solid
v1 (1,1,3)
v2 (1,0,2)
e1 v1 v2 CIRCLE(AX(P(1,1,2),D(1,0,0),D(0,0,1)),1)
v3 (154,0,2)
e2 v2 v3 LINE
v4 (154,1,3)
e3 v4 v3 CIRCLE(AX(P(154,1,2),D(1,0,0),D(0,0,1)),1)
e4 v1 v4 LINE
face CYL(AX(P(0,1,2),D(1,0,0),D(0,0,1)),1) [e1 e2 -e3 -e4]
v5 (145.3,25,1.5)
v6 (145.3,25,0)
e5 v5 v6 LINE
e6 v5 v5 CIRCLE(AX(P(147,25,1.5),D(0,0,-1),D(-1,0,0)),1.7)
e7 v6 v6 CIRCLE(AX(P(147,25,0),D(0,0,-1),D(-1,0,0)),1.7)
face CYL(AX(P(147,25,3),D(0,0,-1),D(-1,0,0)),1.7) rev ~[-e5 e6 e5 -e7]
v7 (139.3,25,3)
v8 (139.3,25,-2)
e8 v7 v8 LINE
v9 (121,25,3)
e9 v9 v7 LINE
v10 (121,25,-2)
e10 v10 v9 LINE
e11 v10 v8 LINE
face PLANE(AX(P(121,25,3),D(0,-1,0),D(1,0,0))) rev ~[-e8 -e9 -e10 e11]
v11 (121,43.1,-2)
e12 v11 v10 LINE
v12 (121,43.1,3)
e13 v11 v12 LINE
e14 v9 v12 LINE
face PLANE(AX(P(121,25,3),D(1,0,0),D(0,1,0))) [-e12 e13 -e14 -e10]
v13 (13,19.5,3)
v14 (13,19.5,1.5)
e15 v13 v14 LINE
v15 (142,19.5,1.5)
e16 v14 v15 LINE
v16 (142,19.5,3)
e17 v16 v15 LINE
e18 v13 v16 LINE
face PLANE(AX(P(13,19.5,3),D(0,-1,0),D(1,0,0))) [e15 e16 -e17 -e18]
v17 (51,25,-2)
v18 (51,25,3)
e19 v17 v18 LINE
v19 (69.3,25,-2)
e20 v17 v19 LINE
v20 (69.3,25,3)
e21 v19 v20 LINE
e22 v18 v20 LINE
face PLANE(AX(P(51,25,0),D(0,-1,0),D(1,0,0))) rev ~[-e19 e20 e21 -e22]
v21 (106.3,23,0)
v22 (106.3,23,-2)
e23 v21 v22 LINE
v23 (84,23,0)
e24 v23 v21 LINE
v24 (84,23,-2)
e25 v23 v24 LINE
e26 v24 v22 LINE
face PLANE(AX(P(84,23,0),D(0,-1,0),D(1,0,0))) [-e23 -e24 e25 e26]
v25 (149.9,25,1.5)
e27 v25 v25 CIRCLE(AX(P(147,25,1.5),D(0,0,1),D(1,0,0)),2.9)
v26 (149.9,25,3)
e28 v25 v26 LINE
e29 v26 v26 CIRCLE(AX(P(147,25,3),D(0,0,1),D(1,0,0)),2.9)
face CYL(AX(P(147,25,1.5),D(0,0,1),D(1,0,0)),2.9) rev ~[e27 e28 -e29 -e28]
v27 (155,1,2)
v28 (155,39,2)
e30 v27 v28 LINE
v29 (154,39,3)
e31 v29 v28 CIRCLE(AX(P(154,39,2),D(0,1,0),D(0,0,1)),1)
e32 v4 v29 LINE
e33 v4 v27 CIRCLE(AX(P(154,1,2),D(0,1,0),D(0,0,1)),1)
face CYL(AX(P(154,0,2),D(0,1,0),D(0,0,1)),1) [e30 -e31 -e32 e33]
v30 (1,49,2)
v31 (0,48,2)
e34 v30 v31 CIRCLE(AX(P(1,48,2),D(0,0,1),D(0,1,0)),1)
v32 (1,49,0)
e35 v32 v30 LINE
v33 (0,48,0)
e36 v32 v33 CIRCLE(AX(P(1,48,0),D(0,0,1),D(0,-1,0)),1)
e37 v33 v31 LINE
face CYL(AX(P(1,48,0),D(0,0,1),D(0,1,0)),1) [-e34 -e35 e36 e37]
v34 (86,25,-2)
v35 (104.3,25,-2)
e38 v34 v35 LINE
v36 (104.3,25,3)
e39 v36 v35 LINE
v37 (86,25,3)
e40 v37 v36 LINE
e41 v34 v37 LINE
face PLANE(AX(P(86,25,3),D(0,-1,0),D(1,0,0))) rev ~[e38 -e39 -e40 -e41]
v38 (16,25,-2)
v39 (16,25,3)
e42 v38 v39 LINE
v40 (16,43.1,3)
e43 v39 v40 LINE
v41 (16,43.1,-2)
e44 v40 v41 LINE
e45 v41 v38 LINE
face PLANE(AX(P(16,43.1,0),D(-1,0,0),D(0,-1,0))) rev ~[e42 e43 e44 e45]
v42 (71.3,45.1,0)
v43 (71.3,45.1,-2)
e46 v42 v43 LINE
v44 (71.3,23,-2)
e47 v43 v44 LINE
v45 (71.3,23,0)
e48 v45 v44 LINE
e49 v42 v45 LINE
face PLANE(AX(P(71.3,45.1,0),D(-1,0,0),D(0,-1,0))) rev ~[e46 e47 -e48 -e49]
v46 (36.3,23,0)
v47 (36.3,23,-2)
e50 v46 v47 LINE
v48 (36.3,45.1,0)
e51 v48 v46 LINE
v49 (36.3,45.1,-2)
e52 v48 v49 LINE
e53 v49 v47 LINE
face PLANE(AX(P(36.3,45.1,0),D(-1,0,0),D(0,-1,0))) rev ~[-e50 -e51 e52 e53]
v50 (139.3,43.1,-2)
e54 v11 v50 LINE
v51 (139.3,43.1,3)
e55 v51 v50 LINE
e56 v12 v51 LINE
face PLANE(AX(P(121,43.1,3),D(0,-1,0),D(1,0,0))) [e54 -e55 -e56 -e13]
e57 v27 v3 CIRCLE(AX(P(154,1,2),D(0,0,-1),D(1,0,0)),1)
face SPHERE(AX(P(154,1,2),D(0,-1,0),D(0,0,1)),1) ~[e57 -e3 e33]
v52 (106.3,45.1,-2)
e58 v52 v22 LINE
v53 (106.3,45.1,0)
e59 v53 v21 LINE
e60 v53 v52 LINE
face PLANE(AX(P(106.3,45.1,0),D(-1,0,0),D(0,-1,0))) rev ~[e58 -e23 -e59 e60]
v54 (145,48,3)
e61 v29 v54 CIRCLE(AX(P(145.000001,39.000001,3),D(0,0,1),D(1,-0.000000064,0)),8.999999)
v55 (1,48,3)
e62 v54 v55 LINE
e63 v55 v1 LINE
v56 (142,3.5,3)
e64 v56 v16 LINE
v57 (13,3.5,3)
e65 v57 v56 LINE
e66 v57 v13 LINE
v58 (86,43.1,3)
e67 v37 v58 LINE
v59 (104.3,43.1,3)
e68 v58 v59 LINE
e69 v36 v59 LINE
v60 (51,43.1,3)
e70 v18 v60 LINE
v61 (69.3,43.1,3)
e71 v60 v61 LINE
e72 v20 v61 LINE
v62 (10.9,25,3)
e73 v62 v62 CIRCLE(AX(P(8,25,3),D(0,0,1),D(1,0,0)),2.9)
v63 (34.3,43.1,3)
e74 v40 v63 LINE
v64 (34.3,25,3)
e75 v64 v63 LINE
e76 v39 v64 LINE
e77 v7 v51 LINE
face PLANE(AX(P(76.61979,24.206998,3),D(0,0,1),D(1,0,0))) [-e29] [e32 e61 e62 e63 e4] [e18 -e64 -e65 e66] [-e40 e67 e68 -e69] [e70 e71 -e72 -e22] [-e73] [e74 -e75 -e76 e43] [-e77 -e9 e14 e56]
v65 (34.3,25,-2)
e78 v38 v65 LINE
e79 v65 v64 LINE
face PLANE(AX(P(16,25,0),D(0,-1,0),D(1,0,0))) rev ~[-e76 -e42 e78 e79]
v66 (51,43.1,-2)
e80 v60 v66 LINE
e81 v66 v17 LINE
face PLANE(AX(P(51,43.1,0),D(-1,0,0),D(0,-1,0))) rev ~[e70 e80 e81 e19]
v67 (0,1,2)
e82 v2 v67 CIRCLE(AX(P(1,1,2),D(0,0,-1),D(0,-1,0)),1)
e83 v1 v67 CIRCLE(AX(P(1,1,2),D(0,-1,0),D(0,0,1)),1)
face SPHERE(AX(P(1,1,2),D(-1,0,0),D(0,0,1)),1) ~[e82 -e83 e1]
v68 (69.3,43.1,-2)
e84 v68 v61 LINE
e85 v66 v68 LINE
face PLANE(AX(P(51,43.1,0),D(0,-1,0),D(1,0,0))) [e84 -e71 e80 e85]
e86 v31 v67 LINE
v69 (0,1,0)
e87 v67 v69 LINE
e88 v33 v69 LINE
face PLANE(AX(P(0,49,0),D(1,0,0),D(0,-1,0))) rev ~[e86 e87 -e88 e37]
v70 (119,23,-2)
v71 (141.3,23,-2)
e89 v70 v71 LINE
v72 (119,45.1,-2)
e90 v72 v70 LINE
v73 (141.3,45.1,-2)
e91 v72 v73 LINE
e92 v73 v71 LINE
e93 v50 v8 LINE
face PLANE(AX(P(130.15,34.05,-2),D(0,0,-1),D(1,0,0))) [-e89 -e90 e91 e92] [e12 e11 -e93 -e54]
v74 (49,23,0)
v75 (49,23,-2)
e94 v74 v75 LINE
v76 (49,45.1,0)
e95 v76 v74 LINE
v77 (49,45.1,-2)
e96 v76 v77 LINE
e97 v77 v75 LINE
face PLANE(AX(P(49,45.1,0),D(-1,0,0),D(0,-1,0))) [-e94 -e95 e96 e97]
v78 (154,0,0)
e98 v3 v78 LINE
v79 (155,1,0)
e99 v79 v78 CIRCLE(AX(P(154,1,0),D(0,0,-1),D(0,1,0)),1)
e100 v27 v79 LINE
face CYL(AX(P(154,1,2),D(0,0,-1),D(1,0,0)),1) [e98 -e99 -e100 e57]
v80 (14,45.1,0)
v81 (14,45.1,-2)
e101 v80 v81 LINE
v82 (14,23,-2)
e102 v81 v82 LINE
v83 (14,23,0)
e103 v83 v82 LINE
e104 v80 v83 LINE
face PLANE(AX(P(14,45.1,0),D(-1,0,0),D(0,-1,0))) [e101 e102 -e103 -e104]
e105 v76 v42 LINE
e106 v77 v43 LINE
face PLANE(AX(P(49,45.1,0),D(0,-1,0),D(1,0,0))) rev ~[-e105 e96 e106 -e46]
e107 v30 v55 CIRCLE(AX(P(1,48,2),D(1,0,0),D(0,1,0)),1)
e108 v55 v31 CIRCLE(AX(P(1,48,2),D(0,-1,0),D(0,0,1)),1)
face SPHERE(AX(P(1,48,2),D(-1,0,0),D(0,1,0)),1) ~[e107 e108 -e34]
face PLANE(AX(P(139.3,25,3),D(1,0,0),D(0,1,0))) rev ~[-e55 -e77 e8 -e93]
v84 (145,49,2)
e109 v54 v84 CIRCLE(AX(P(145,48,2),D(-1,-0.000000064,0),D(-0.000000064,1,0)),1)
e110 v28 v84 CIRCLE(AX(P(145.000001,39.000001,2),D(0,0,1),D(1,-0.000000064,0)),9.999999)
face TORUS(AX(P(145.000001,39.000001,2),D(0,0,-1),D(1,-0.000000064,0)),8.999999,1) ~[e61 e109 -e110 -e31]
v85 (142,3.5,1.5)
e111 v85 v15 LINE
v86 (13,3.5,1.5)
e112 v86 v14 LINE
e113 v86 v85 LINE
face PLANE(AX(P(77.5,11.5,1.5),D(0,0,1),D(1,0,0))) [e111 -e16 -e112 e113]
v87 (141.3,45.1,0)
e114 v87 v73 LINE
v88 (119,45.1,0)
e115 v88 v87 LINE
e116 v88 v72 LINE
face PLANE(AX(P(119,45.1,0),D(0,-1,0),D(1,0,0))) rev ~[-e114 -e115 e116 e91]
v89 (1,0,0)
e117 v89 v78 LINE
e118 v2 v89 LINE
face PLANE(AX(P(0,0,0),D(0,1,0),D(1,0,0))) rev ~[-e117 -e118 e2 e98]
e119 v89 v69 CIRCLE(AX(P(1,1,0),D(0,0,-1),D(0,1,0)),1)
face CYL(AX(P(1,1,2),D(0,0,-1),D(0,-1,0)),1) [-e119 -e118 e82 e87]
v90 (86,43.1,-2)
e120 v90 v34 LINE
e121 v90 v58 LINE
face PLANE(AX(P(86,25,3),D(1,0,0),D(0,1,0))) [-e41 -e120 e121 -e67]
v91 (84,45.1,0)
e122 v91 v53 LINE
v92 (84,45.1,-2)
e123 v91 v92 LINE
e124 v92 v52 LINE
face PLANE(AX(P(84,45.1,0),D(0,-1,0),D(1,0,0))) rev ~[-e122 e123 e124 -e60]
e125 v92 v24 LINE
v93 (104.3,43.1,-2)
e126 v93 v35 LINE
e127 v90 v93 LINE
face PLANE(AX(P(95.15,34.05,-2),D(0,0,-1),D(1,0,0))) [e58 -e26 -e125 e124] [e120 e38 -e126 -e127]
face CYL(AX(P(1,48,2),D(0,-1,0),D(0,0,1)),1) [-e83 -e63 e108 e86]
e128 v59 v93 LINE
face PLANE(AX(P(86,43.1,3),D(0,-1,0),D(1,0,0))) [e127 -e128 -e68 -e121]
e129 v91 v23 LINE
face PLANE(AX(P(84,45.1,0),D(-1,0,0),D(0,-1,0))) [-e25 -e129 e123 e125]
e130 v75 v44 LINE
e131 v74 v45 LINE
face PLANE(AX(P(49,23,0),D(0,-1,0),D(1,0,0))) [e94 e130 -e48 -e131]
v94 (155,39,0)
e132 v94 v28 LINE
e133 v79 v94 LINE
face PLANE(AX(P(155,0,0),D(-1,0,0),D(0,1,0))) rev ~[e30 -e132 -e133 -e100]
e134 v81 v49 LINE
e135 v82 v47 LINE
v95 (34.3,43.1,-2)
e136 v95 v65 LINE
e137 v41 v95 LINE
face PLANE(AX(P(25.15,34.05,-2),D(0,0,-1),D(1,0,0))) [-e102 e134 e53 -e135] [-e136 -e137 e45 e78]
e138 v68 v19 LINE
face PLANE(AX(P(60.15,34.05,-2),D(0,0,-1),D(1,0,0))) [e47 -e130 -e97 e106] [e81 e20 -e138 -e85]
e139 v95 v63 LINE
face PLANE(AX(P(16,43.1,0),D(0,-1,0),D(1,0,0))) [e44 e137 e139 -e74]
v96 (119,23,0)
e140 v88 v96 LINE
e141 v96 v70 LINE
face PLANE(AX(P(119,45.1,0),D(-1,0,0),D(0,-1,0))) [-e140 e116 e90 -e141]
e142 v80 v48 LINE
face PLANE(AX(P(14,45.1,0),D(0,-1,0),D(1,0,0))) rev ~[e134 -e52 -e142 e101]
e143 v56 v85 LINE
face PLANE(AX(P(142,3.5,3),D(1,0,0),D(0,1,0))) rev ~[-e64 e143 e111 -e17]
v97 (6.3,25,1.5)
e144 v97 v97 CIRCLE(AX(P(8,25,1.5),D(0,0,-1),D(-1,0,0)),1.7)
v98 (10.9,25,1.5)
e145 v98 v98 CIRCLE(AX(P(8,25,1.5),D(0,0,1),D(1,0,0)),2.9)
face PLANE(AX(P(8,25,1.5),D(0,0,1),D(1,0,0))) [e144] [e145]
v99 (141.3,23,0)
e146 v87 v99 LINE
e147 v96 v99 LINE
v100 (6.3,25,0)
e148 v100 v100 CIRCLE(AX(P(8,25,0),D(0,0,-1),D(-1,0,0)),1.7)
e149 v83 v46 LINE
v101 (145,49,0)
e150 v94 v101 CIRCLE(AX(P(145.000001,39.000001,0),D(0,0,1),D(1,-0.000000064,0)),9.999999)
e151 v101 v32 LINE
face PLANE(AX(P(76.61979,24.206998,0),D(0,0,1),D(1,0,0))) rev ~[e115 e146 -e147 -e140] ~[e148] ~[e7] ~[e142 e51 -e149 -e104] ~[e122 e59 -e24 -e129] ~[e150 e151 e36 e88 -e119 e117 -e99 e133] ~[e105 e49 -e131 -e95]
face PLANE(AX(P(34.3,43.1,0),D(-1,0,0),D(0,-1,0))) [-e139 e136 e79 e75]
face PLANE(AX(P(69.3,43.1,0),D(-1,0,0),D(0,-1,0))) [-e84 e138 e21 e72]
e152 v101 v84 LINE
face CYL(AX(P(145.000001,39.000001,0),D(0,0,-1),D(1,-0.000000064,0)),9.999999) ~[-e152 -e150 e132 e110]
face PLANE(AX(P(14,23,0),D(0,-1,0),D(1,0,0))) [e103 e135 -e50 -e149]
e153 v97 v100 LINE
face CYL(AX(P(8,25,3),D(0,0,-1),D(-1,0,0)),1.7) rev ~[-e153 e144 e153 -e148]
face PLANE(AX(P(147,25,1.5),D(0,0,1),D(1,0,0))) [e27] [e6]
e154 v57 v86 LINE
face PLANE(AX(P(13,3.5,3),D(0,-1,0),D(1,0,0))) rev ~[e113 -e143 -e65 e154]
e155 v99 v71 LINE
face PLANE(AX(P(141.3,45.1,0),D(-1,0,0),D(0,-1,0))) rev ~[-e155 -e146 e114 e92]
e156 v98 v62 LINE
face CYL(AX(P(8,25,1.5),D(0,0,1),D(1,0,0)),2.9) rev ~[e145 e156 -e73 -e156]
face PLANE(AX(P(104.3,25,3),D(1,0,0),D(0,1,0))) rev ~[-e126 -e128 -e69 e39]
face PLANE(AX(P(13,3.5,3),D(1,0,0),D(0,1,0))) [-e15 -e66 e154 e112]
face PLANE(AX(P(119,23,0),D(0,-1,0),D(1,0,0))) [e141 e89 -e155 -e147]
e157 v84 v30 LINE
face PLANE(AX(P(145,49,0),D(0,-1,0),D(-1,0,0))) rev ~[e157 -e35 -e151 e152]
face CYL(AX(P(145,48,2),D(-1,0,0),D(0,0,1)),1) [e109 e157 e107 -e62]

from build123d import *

# Parameters (mm, degrees)
PAD_DEPTH              = 3
SKETCH001_W            = 18.3
SKETCH001_H            = 18.1
POCKET_DEPTH           = 3.001
LINEARPATTERN_COUNT    = 4
LINEARPATTERN_PITCH    = 35
SKETCH002_W            = 129
SKETCH002_H            = 16
POCKET001_DEPTH        = 1.5
HOLE_D                 = 3.4
HOLE_CBORE_D           = 5.8
HOLE_CBORE_DEPTH       = 1.5
SKETCH004_W            = 22.3
SKETCH004_H            = 22.1
SKETCH004_W_2          = 18.3
SKETCH004_H_2          = 18.1
PAD001_DEPTH           = 2
LINEARPATTERN001_COUNT = 4
LINEARPATTERN001_PITCH = 35
FILLET_R               = 1
FILLET001_R            = 1
FILLET002_R            = 1


with BuildPart() as part:
    # Sketch → Pad (new body)
    with BuildSketch(Plane.XY):
        with BuildLine():
            Line((145, 49), (0, 49))
            Line((0, 49), (0, 0))
            Line((0, 0), (155, 0))
            Line((155, 0), (155, 39))
            ThreePointArc((155, 39), (152.071068, 46.071068), (145, 49))
        make_face()
    extrude(amount=PAD_DEPTH)

    # Sketch001 (on Face7 of Pad) → Pocket (cut, through all)
    with BuildSketch(Plane.XY.offset(3)):
        with Locations((25.15, 34.05)):
            Rectangle(SKETCH001_W, SKETCH001_H)
    pocket = extrude(amount=-POCKET_DEPTH, mode=Mode.SUBTRACT)

    # LinearPattern: Pocket ×4
    with Locations(*[(i * LINEARPATTERN_PITCH, 0, 0) for i in range(1, LINEARPATTERN_COUNT)]):
        add(pocket, mode=Mode.SUBTRACT)

    # Sketch002 (on Face5 of LinearPattern) → Pocket001 (cut)
    with BuildSketch(Plane.XY.offset(3)):
        with Locations((77.5, 11.5)):
            Rectangle(SKETCH002_W, SKETCH002_H)
    extrude(amount=-POCKET001_DEPTH, mode=Mode.SUBTRACT)

    # Hole (through all)
    with Locations(Plane.XY.offset(3)):
        with Locations((8, 25), (147, 25)):
            CounterBoreHole(HOLE_D / 2, HOLE_CBORE_D / 2, HOLE_CBORE_DEPTH)

    # Sketch004 (on Face4 of Hole) → Pad001 (join)
    with BuildSketch(Plane(origin=(0, 0, 0), x_dir=(1, 0, 0), z_dir=(0, 0, -1))):
        with Locations((25.15, -34.05)):
            Rectangle(SKETCH004_W, SKETCH004_H)
        with Locations((25.15, -34.05)):
            Rectangle(SKETCH004_W_2, SKETCH004_H_2, mode=Mode.SUBTRACT)
    pad001 = extrude(amount=PAD001_DEPTH)

    # LinearPattern001: Pad001 ×4
    with Locations(*[(i * LINEARPATTERN001_PITCH, 0, 0) for i in range(1, LINEARPATTERN001_COUNT)]):
        add(pad001)

    # Fillet
    fillet_edges = [part.edges().sort_by_distance(p)[0] for p in [
        (72.5, 49, 3),
    ]]
    fillet(fillet_edges, radius=FILLET_R)

    # Fillet001
    fillet001_edges = [part.edges().sort_by_distance(p)[0] for p in [
        (77, 0, 3),
    ]]
    fillet(fillet001_edges, radius=FILLET001_R)

    # Fillet002
    fillet002_edges = [part.edges().sort_by_distance(p)[0] for p in [
        (0, 24.5, 3),
    ]]
    fillet(fillet002_edges, radius=FILLET002_R)


solid = part.part
